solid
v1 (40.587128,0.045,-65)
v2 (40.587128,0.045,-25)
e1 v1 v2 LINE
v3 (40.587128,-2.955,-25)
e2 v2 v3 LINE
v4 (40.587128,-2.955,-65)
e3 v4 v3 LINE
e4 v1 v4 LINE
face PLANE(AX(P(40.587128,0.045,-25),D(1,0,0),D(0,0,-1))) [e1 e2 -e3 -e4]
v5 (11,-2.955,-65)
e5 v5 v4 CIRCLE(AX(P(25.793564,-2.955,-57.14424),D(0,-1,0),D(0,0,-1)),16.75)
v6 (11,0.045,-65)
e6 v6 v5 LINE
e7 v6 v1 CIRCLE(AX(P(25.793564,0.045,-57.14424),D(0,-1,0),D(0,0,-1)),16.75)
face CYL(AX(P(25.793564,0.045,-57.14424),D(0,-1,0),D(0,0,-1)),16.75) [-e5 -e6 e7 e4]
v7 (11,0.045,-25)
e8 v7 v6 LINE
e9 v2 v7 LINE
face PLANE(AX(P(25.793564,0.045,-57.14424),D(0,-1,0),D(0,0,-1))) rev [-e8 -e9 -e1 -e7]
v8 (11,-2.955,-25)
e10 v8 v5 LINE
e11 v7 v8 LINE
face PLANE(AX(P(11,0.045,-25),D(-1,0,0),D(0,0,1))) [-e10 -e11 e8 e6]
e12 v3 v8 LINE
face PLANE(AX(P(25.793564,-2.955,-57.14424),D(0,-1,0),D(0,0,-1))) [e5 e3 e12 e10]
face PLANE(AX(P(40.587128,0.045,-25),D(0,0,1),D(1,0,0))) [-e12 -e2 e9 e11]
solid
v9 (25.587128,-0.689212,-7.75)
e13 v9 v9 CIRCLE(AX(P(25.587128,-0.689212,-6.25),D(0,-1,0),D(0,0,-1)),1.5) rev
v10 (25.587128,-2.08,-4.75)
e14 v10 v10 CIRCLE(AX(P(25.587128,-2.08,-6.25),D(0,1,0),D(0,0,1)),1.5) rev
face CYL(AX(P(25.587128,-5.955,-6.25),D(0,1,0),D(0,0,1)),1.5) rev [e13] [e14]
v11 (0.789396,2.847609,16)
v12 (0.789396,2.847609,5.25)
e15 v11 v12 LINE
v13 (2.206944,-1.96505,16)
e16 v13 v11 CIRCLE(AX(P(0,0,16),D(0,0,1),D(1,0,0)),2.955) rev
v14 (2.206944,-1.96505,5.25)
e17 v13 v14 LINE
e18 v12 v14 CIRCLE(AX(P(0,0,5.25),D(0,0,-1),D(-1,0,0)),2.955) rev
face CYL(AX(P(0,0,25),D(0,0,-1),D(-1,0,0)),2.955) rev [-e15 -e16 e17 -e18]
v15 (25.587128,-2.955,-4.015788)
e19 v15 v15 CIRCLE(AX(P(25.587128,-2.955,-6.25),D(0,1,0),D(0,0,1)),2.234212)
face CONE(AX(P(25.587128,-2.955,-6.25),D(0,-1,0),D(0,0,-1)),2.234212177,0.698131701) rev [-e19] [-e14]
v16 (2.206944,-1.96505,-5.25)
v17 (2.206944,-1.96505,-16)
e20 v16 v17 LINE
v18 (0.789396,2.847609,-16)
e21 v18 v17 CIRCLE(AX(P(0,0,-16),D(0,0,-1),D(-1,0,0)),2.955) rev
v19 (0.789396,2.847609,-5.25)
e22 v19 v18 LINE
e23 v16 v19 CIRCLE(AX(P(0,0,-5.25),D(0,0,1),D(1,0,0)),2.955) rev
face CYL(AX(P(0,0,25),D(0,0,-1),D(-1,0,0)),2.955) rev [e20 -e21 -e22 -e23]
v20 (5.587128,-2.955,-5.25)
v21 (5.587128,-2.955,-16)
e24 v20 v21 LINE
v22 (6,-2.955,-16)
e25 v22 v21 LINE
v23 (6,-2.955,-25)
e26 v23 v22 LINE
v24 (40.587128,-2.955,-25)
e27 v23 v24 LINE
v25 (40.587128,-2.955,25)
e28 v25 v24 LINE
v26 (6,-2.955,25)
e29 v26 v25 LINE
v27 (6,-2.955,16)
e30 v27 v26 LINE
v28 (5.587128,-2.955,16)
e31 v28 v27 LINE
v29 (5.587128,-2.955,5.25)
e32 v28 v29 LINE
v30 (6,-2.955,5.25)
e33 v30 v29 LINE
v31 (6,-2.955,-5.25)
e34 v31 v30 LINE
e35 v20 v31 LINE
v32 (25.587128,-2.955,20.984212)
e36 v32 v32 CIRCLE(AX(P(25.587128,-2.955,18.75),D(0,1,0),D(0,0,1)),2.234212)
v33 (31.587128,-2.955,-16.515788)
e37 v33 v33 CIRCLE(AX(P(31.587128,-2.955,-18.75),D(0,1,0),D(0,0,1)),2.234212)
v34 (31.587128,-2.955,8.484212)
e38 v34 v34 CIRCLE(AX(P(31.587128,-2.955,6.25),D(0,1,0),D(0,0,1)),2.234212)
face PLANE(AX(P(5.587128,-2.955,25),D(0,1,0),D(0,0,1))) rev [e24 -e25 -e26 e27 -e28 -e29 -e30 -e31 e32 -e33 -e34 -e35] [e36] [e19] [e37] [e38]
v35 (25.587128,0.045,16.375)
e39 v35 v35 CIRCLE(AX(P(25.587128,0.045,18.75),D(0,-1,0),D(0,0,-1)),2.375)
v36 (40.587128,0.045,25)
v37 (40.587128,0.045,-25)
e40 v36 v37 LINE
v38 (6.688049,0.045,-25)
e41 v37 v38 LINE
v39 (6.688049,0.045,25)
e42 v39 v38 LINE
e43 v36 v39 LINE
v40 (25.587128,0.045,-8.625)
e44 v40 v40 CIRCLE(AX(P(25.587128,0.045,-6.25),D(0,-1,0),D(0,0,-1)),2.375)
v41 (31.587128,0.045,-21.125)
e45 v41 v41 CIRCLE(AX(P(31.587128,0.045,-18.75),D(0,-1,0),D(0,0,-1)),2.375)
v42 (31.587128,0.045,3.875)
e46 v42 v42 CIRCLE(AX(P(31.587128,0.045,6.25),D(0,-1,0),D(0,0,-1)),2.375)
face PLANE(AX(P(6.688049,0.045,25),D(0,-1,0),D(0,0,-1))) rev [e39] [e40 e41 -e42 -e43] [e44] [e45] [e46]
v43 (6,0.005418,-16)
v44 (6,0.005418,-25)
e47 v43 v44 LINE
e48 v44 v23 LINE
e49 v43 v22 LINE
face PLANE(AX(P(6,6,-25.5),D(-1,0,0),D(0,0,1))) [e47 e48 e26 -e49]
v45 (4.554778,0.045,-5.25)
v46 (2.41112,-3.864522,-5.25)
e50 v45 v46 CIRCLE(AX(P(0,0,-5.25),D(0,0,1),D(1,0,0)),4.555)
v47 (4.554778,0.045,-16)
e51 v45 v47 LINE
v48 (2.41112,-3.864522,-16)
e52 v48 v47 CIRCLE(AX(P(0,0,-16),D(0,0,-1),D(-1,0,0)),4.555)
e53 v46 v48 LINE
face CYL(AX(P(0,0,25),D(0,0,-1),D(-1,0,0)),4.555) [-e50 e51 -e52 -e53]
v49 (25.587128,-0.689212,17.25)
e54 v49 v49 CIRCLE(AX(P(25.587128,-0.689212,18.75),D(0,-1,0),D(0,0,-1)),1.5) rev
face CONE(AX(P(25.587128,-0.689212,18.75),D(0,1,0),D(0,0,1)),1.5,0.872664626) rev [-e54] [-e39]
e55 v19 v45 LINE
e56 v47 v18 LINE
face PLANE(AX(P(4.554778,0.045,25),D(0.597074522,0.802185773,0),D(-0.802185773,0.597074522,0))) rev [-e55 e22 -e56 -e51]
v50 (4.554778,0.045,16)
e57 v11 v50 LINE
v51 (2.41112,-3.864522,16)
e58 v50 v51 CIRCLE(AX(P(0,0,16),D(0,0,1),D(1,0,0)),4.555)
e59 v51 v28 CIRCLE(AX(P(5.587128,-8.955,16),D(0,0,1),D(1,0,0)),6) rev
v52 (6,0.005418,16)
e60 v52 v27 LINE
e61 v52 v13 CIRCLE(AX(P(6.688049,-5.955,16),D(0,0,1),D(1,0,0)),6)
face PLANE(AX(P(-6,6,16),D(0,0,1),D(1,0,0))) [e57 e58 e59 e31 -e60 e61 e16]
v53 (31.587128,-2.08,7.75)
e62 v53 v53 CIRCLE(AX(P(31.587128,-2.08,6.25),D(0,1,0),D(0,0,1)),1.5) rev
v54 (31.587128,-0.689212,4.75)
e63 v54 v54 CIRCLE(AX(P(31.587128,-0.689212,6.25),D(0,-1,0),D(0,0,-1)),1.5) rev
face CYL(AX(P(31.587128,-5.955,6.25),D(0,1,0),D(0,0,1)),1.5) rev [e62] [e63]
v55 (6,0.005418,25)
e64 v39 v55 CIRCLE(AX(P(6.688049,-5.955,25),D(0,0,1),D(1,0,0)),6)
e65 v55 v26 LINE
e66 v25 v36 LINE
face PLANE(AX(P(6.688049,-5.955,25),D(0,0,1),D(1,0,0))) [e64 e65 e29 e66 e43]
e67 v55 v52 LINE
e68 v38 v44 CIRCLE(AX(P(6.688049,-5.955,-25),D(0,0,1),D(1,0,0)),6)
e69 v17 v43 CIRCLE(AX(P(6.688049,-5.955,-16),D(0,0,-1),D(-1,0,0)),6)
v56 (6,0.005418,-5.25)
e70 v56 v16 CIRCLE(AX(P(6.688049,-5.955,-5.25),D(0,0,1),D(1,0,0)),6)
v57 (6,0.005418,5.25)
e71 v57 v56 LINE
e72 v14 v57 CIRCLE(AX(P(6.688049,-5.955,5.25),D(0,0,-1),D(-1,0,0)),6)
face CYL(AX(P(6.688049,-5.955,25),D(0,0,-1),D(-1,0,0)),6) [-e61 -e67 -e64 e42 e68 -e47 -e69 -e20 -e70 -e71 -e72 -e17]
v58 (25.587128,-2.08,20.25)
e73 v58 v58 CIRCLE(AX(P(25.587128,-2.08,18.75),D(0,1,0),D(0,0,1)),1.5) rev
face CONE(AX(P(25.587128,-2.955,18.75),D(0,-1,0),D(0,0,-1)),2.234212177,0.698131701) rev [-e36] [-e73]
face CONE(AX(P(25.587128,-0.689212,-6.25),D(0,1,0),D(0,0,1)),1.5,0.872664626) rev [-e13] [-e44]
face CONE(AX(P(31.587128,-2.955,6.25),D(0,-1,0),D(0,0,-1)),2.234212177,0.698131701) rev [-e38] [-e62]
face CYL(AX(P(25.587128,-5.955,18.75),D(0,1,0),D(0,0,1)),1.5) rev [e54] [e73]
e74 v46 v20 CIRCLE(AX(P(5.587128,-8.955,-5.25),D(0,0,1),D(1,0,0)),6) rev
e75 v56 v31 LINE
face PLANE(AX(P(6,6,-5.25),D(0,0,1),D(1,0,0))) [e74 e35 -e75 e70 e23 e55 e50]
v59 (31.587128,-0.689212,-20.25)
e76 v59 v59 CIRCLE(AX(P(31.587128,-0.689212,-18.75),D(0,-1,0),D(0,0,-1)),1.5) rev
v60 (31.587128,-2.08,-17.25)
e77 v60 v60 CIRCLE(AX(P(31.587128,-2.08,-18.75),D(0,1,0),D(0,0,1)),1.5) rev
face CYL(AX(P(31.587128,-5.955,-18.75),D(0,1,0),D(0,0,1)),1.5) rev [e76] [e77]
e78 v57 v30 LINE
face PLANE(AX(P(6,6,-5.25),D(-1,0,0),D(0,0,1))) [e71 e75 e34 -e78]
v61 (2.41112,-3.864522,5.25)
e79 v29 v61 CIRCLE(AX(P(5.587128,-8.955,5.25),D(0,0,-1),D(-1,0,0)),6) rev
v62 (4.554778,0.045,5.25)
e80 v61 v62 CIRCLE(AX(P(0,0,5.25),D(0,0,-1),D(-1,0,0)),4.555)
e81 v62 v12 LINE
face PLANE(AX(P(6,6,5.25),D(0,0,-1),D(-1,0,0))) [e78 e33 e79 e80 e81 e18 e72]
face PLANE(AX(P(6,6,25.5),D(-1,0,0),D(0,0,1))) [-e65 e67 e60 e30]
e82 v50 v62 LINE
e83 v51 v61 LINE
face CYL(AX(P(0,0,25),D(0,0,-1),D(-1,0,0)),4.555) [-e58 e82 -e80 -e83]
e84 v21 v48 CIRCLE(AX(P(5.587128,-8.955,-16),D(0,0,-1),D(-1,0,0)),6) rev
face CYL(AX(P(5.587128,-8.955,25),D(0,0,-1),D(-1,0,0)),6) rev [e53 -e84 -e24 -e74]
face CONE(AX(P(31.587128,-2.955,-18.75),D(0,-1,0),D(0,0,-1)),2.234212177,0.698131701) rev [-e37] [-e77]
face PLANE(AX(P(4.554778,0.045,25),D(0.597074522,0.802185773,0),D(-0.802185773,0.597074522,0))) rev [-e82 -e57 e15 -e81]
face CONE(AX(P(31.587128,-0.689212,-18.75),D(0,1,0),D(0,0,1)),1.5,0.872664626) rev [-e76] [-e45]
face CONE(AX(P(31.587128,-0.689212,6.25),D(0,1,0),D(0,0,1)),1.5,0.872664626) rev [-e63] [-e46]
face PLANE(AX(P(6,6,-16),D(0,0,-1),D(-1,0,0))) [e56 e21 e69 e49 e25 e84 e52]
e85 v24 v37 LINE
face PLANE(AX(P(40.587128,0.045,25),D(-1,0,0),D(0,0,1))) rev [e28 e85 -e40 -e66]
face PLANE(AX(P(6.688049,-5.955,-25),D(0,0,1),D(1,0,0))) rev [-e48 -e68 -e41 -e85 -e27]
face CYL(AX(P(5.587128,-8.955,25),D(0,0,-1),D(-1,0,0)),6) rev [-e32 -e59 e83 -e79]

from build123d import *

# Parameters (mm, degrees)
BOSS_EXTRUDE1_DEPTH     = 25
SKETCH2_W               = 12
SKETCH2_H               = 10.5
SKETCH2_H_2             = 9.5
CUT_EXTRUDE1_DEPTH      = 6
CUT_EXTRUDE1_DEPTH_BACK = 6
SKETCH3_R               = 1.5
CUT_EXTRUDE2_DEPTH      = 6
CHAMFER1_SIZE           = 0.875
CHAMFER1_SIZE2          = 0.734212177
CHAMFER1_PART_2_SIZE    = 0.875
CHAMFER1_PART_2_SIZE2   = 0.734212177
CHAMFER1_PART_3_SIZE    = 0.875
CHAMFER1_PART_3_SIZE2   = 0.734212177
CHAMFER1_PART_4_SIZE    = 0.875
CHAMFER1_PART_4_SIZE2   = 0.734212177
CHAMFER1_PART_5_SIZE    = 0.875
CHAMFER1_PART_5_SIZE2   = 0.734212177
BOSS_EXTRUDE2_DEPTH     = 3


with BuildPart() as part:
    # Sketch1 → Boss-Extrude1 (new body, symmetric)
    with BuildSketch(Plane.XY):
        with BuildLine():
            Line((5.587128064, -2.955), (40.587128064, -2.955))
            Line((40.587128064, -2.955), (40.587128064, 0.045))
            Line((40.587128064, 0.045), (6.688049043, 0.045))
            ThreePointArc((6.688049043, 0.045), (4.232412516, -0.480527492), (2.206944157, -1.965050251))
            ThreePointArc((2.206944157, -1.965050251), (-2.834596442, -0.834917966), (0.789396387, 2.847609233))
            Line((0.789396387, 2.847609233), (4.554777711, 0.045))
            ThreePointArc((4.554777711, 0.045), (-3.993998166, 2.189978003), (2.41111969, -3.864521554))
            ThreePointArc((2.41111969, -3.864521554), (3.93529131, -3.186860323), (5.587128064, -2.955))
        make_face()
    extrude(amount=BOSS_EXTRUDE1_DEPTH, both=True)

    # Sketch2 → Cut-Extrude1 (cut, two sides)
    with BuildSketch(Plane(origin=(0, 0, 0), x_dir=(1, 0, 0), z_dir=(0, 1, 0))) as cut_extrude1_sk:
        Rectangle(SKETCH2_W, SKETCH2_H)
        with Locations((0, 20.75)):
            Rectangle(SKETCH2_W, SKETCH2_H_2)
        with Locations((0, -20.75)):
            Rectangle(SKETCH2_W, SKETCH2_H_2)
    extrude(amount=CUT_EXTRUDE1_DEPTH, mode=Mode.SUBTRACT)
    extrude(cut_extrude1_sk.sketch, amount=-CUT_EXTRUDE1_DEPTH_BACK, mode=Mode.SUBTRACT)

    # Sketch3 → Cut-Extrude2 (cut)
    with BuildSketch(Plane(origin=(0, 0.045, 0), x_dir=(1, 0, 0), z_dir=(0, 1, 0))):
        with Locations((31.587128064, 18.75)):
            Circle(SKETCH3_R)
        with Locations((25.587128064, 6.25)):
            Circle(SKETCH3_R)
        with Locations((31.587128064, -6.25)):
            Circle(SKETCH3_R)
        with Locations((25.587128064, -18.75)):
            Circle(SKETCH3_R)
    extrude(amount=-CUT_EXTRUDE2_DEPTH, mode=Mode.SUBTRACT)

    # Chamfer1
    chamfer1_edges = [part.edges().sort_by_distance(p)[0] for p in [
        (30.087128064, -2.955, 6.25),
    ]]
    chamfer1_side = [part.faces().sort_by_distance(p)[0] for p in [
        (30.087128064, -1.455, 6.25),
    ]]
    chamfer(chamfer1_edges, length=CHAMFER1_SIZE, length2=CHAMFER1_SIZE2, reference=chamfer1_side[0])

    # Chamfer1 part 2
    chamfer1_part_2_edges = [part.edges().sort_by_distance(p)[0] for p in [
        (30.087128064, 0.045, 6.25),
        (24.087128064, 0.045, 18.75),
        (30.087128064, 0.045, -18.75),
        (24.087128064, 0.045, -6.25),
    ]]
    chamfer1_part_2_side = [part.faces().sort_by_distance(p)[0] for p in [
        (23.553622246, 0.045, 0),
    ]]
    chamfer(chamfer1_part_2_edges, length=CHAMFER1_PART_2_SIZE, length2=CHAMFER1_PART_2_SIZE2, reference=chamfer1_part_2_side[0])

    # Chamfer1 part 3
    chamfer1_part_3_edges = [part.edges().sort_by_distance(p)[0] for p in [
        (24.087128064, -2.955, 18.75),
    ]]
    chamfer1_part_3_side = [part.faces().sort_by_distance(p)[0] for p in [
        (24.087128064, -1.455, 18.75),
    ]]
    chamfer(chamfer1_part_3_edges, length=CHAMFER1_PART_3_SIZE, length2=CHAMFER1_PART_3_SIZE2, reference=chamfer1_part_3_side[0])

    # Chamfer1 part 4
    chamfer1_part_4_edges = [part.edges().sort_by_distance(p)[0] for p in [
        (30.087128064, -2.955, -18.75),
    ]]
    chamfer1_part_4_side = [part.faces().sort_by_distance(p)[0] for p in [
        (30.087128064, -1.455, -18.75),
    ]]
    chamfer(chamfer1_part_4_edges, length=CHAMFER1_PART_4_SIZE, length2=CHAMFER1_PART_4_SIZE2, reference=chamfer1_part_4_side[0])

    # Chamfer1 part 5
    chamfer1_part_5_edges = [part.edges().sort_by_distance(p)[0] for p in [
        (24.087128064, -2.955, -6.25),
    ]]
    chamfer1_part_5_side = [part.faces().sort_by_distance(p)[0] for p in [
        (24.087128064, -1.455, -6.25),
    ]]
    chamfer(chamfer1_part_5_edges, length=CHAMFER1_PART_5_SIZE, length2=CHAMFER1_PART_5_SIZE2, reference=chamfer1_part_5_side[0])


with BuildPart() as body_2:
    # Sketch4 → Boss-Extrude2 (new body)
    with BuildSketch(Plane.XZ.offset(2.955)):
        with BuildLine():
            Line((40.587128064, -25), (11, -25))
            Line((11, -25), (11, -65))
            ThreePointArc((11, -65), (25.793564032, -73.894240124), (40.587128064, -65))
            Line((40.587128064, -65), (40.587128064, -25))
        make_face()
    extrude(amount=-BOSS_EXTRUDE2_DEPTH)


solid = Compound([part.part, body_2.part])
